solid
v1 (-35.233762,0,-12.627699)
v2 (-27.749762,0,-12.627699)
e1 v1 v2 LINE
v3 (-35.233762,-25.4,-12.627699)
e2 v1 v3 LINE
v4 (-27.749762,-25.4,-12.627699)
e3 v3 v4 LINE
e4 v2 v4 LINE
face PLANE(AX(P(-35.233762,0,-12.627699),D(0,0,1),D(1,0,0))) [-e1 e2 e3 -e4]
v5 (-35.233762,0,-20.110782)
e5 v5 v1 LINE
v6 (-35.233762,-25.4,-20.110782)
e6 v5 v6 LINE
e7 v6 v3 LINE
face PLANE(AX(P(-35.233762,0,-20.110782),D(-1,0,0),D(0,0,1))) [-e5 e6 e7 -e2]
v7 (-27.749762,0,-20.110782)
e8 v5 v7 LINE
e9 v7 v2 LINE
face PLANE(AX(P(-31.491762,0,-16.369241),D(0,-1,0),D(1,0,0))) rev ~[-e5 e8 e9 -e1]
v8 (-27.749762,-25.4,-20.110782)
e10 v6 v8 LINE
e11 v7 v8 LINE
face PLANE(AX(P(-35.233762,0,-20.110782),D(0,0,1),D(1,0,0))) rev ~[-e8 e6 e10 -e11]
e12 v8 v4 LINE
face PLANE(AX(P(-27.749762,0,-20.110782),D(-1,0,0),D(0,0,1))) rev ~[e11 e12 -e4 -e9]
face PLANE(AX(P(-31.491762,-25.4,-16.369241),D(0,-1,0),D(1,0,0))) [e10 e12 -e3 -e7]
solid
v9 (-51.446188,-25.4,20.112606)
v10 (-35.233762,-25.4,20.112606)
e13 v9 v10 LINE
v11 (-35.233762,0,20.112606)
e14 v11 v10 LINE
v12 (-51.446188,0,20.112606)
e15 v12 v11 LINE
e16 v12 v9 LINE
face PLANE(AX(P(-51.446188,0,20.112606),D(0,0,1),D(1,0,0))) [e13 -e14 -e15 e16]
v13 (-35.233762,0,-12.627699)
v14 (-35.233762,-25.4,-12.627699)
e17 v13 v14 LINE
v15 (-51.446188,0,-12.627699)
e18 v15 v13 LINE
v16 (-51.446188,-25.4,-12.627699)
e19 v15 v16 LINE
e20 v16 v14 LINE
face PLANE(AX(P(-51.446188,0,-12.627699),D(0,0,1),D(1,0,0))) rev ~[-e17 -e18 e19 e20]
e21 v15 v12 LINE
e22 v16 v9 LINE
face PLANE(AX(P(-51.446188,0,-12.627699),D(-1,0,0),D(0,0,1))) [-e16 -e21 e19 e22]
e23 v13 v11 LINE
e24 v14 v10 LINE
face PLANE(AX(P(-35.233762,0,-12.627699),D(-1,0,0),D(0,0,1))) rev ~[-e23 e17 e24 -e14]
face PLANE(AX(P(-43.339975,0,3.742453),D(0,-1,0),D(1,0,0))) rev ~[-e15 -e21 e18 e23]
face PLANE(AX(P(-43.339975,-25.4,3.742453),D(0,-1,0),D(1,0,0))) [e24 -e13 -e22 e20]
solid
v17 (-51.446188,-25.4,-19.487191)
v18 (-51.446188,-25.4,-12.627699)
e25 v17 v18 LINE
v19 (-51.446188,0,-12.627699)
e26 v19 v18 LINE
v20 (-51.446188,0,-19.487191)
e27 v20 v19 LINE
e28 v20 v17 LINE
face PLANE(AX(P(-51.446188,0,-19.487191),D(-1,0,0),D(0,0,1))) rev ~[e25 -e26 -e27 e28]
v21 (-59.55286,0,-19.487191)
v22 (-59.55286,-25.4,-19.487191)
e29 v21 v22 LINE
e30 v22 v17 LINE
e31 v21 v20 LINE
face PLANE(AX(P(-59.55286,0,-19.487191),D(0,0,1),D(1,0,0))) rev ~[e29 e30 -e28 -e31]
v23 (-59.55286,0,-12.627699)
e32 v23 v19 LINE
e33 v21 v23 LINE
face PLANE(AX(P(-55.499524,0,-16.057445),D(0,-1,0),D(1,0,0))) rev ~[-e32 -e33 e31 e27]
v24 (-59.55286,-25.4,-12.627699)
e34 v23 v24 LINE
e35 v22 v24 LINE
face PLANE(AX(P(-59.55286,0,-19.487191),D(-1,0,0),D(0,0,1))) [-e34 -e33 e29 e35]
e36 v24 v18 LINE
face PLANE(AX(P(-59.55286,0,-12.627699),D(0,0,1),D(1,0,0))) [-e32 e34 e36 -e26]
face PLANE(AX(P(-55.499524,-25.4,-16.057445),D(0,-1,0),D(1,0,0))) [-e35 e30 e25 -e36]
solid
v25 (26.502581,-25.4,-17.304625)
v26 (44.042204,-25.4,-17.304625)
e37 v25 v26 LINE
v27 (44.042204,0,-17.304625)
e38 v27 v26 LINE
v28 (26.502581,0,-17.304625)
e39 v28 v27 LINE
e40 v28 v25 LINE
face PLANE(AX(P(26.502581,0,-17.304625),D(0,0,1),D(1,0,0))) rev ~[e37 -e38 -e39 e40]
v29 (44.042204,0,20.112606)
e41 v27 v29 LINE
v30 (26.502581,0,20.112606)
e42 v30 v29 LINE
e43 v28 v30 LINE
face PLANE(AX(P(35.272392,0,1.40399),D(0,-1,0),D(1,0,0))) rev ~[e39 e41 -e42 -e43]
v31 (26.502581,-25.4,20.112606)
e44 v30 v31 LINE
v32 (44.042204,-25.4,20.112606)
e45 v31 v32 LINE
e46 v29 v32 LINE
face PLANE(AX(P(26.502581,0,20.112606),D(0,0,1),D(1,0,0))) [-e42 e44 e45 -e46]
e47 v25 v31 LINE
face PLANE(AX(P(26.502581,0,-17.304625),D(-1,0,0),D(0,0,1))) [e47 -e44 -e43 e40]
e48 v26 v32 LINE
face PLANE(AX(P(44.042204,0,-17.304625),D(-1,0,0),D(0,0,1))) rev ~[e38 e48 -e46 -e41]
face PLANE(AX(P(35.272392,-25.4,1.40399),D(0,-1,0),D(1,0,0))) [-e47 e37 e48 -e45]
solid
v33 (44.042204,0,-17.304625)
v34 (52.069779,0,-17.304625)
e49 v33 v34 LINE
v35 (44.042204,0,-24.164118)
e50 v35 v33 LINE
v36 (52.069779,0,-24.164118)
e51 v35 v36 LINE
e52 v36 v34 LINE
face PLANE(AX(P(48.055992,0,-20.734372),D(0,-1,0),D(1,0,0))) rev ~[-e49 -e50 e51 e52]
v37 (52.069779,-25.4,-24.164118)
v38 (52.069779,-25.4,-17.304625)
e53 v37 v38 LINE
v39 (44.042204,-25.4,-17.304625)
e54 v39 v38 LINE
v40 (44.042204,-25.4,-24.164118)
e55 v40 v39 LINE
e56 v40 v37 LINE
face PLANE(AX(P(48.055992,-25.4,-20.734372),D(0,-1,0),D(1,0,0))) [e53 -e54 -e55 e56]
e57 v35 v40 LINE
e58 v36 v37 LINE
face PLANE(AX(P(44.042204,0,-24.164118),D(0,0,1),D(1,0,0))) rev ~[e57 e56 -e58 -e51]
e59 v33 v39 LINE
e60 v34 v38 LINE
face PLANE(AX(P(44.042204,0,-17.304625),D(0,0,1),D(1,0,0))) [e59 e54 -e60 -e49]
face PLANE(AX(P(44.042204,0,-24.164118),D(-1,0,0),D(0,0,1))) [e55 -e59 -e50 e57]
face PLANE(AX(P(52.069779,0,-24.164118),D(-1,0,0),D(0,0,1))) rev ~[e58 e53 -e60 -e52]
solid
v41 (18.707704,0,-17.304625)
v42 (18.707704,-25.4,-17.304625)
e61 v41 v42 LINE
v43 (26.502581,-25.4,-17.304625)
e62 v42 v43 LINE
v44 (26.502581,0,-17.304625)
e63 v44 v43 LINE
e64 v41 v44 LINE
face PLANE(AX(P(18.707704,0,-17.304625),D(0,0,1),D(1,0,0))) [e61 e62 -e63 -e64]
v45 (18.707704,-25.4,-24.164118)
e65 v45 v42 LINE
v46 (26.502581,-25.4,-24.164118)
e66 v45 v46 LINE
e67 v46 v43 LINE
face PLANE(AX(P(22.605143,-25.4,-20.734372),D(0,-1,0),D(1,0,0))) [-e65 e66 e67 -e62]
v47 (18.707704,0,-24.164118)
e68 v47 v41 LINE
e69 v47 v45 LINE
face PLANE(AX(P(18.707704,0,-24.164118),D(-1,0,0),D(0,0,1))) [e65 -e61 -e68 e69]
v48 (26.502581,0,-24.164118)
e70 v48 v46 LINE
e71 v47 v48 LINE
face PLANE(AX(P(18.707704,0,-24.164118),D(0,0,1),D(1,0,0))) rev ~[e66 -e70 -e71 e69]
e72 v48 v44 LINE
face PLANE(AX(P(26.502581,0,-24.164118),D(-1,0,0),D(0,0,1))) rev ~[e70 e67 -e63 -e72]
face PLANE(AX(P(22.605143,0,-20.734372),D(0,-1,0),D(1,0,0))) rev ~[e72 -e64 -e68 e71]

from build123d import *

# Parameters (mm, degrees)
F0_W     = 16.212426126
F0_H     = 32.7403051779
F1_DEPTH = 25.4
F0_W_2   = 8.1066712737
F0_H_2   = 6.8594915792
F0_W_3   = 7.4840001762
F0_H_3   = 7.4830828235
F0_W_4   = 7.7948775142
F0_H_4   = 6.8594925106
F0_W_5   = 8.0275759101
F0_W_6   = 17.5396222621
F0_H_5   = 37.4172311276


with BuildPart() as f1:
    # F0 (on Front) → F1 (new body)
    with BuildSketch(Plane.XZ):
        with Locations((-43.3399751782, 3.7424531765)):
            Rectangle(F0_W, F0_H)
    extrude(amount=F1_DEPTH)


with BuildPart() as f1b:
    # F0 (on Front) → F1, piece 2 (new body)
    with BuildSketch(Plane.XZ):
        with Locations((-55.4995238781, -16.057445202)):
            Rectangle(F0_W_2, F0_H_2)
    extrude(amount=F1_DEPTH)


with BuildPart() as f1c:
    # F0 (on Front) → F1, piece 3 (new body)
    with BuildSketch(Plane.XZ):
        with Locations((-31.4917620271, -16.3692408241)):
            Rectangle(F0_W_3, F0_H_3)
    extrude(amount=F1_DEPTH)


with BuildPart() as f1d:
    # F0 (on Front) → F1, piece 4 (new body)
    with BuildSketch(Plane.XZ):
        with Locations((22.6051425561, -20.7343716174)):
            Rectangle(F0_W_4, F0_H_4)
    extrude(amount=F1_DEPTH)


with BuildPart() as f1e:
    # F0 (on Front) → F1, piece 5 (new body)
    with BuildSketch(Plane.XZ):
        with Locations((48.0559915304, -20.7343716174)):
            Rectangle(F0_W_5, F0_H_4)
    extrude(amount=F1_DEPTH)


with BuildPart() as f1f:
    # F0 (on Front) → F1, piece 6 (new body)
    with BuildSketch(Plane.XZ):
        with Locations((35.2723924443, 1.4039902017)):
            Rectangle(F0_W_6, F0_H_5)
    extrude(amount=F1_DEPTH)


solid = Compound([f1.part, f1b.part, f1c.part, f1d.part, f1e.part, f1f.part])
